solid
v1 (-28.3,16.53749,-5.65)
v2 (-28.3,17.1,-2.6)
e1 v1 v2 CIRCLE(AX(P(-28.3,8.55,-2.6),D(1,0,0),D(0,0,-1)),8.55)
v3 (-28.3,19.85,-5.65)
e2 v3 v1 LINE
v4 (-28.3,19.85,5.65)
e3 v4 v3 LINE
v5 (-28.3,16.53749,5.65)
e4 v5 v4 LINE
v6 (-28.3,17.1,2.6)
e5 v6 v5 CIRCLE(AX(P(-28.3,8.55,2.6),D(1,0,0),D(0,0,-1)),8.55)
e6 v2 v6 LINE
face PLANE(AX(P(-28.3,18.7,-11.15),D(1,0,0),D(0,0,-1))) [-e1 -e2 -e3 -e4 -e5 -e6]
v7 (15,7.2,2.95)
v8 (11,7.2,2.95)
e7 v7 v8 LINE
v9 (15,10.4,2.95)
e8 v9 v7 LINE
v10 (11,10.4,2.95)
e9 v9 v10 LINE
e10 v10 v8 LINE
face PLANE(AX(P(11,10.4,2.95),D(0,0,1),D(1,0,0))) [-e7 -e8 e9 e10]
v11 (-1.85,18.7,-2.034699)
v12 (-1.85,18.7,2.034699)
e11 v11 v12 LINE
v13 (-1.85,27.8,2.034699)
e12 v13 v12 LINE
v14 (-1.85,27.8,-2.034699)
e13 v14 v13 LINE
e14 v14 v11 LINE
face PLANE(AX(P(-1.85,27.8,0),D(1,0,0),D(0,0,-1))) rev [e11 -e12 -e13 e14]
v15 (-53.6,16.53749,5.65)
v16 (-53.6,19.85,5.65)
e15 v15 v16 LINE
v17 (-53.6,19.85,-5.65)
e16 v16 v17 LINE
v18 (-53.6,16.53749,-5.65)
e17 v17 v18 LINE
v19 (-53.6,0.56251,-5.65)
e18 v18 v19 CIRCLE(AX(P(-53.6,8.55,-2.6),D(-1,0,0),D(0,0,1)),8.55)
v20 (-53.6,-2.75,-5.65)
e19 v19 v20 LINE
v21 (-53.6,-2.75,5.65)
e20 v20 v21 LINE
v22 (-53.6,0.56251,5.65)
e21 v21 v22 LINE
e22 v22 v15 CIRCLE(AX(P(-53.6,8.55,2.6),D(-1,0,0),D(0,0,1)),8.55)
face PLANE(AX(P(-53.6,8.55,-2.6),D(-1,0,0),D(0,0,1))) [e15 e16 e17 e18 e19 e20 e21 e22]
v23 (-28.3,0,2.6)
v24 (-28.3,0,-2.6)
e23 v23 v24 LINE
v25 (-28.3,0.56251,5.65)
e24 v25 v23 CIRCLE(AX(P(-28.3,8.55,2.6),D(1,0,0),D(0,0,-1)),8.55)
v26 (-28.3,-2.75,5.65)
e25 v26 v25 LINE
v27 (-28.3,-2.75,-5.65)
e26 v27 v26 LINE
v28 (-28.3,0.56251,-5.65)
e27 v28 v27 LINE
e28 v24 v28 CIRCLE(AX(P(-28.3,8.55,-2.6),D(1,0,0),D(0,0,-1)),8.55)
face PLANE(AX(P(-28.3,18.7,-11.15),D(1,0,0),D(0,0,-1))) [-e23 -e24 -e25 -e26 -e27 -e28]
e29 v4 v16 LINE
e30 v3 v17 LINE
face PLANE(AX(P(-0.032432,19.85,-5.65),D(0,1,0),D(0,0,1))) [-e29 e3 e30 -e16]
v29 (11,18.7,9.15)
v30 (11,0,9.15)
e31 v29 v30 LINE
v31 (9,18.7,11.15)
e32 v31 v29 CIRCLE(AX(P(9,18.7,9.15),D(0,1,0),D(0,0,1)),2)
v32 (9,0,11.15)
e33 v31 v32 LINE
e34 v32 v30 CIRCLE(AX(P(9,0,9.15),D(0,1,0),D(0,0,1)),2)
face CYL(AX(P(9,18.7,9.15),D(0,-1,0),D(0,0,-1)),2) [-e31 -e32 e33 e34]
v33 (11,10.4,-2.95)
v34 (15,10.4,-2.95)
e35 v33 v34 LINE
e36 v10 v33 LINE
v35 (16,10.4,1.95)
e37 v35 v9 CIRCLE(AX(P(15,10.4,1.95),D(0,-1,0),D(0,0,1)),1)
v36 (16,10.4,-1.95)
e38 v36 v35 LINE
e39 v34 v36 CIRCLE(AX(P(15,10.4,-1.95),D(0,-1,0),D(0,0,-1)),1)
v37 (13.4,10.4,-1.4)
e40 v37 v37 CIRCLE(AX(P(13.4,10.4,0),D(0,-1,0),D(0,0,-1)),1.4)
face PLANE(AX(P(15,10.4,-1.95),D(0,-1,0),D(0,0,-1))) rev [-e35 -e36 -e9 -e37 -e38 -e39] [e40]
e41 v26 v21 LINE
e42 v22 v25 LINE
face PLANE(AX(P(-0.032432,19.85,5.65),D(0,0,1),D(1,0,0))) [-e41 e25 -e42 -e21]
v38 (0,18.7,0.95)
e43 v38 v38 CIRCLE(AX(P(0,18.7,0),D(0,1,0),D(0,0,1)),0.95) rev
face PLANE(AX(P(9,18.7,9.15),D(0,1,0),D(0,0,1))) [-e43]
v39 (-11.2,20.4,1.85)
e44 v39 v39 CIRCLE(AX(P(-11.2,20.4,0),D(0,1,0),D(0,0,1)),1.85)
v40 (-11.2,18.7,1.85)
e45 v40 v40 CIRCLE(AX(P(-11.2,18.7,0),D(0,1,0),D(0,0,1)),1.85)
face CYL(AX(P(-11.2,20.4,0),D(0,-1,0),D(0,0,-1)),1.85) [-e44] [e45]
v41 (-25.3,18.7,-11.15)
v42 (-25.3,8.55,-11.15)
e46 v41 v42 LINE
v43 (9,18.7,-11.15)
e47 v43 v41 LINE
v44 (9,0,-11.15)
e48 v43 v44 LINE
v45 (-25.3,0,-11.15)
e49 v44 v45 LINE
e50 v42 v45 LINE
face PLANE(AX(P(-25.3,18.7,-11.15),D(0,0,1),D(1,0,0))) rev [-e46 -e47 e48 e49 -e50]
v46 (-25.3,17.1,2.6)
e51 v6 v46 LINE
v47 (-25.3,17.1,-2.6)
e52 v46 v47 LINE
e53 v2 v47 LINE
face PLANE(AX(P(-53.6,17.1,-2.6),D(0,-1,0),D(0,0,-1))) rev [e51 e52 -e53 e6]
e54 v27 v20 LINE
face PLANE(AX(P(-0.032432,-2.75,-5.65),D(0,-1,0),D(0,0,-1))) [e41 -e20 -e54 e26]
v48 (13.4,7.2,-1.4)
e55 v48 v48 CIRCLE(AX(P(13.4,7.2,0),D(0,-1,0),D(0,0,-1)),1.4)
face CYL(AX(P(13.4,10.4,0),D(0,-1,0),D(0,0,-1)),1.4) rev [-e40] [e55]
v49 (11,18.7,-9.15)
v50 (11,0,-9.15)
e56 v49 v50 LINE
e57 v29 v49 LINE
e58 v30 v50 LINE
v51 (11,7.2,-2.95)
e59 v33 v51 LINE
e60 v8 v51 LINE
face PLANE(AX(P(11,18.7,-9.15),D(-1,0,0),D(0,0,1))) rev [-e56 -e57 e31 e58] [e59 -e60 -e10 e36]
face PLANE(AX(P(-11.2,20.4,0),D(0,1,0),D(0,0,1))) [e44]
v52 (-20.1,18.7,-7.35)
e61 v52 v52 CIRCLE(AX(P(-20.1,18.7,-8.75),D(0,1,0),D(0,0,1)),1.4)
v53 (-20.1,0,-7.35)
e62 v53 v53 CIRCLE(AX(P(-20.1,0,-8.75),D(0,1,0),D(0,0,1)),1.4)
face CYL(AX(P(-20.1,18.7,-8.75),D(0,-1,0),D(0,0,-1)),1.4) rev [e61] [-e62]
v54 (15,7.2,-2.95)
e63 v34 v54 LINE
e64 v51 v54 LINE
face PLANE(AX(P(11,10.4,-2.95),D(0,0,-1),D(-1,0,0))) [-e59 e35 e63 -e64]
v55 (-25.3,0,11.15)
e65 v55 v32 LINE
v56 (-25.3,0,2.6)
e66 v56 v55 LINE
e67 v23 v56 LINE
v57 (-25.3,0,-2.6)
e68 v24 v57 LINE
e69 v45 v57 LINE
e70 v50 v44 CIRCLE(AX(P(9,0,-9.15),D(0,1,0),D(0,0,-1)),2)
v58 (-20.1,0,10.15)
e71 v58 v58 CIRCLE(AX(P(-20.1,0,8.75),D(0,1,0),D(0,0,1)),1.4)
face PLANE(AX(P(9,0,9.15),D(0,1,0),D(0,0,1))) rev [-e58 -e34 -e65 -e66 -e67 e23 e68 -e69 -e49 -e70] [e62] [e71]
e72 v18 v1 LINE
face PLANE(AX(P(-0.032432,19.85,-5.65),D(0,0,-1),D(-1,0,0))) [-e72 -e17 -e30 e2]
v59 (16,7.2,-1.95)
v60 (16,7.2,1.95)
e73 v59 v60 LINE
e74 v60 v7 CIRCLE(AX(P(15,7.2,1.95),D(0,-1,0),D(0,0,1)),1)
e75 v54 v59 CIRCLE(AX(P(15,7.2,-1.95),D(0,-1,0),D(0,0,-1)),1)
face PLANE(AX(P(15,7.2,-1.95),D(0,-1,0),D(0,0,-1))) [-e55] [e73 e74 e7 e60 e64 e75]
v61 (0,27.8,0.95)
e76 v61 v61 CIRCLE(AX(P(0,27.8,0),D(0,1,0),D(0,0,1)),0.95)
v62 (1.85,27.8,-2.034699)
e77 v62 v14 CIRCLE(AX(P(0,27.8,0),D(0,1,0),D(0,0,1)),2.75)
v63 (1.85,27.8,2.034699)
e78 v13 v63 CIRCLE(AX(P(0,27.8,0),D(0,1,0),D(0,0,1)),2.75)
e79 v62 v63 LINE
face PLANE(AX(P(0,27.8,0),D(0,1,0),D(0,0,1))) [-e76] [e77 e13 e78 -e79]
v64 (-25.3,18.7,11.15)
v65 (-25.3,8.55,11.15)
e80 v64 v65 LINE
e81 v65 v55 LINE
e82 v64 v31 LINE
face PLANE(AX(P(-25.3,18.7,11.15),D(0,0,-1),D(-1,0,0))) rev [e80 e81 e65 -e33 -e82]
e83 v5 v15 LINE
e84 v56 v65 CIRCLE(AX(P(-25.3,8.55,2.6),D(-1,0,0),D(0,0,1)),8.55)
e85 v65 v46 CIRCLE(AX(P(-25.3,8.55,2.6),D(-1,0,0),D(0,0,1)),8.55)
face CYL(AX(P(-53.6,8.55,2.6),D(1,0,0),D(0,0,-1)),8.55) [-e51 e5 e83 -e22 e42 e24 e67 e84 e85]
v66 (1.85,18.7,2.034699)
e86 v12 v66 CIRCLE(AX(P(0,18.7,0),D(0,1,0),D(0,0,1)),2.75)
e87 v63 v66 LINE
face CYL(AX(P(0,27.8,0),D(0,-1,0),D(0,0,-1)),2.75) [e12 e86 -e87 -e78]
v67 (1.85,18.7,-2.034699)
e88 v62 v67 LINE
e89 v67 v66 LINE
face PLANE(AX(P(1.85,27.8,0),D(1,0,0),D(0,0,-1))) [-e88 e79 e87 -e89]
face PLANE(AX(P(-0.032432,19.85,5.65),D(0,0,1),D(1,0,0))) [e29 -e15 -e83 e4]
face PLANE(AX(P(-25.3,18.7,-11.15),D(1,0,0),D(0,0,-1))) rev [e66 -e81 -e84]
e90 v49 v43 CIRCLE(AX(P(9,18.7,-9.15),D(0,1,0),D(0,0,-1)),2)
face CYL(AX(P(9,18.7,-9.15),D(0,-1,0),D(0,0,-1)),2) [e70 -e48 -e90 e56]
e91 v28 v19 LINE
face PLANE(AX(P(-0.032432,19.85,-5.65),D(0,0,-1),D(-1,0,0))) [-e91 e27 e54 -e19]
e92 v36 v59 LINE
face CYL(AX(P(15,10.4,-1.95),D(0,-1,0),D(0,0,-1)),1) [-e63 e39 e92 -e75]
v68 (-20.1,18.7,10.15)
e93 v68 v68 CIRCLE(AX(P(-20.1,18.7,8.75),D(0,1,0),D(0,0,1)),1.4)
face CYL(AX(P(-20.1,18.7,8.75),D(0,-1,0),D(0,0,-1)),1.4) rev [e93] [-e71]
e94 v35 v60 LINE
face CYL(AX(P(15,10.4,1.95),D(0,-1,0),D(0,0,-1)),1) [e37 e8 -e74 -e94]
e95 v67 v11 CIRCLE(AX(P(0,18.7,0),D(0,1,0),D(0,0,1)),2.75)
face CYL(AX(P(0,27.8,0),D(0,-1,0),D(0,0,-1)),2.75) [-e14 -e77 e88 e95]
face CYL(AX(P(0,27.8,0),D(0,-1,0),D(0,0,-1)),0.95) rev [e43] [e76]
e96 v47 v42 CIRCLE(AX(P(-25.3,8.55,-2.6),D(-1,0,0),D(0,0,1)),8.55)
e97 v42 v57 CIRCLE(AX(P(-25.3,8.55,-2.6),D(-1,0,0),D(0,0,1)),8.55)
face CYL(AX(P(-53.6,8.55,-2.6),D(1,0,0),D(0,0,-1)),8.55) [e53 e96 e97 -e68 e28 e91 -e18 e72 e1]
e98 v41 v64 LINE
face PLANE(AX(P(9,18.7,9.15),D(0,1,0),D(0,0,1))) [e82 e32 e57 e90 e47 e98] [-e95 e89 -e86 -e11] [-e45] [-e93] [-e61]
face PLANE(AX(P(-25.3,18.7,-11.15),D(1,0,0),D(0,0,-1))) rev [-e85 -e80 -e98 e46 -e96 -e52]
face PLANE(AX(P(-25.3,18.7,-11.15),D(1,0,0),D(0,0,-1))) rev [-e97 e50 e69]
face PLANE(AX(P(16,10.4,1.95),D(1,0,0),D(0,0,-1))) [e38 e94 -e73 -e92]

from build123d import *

# Parameters (mm, degrees)
SKETCH1_R           = 1.4
BOSS_EXTRUDE1_DEPTH = 18.7
SKETCH2_R           = 0.95
BOSS_EXTRUDE2_DEPTH = 9.1
SKETCH3_R           = 1.85
BOSS_EXTRUDE3_DEPTH = 1.7
SKETCH4_R           = 1.4
BOSS_EXTRUDE4_DEPTH = 3.2
BOSS_EXTRUDE5_DEPTH = 28.3
SKETCH7_W           = 11.3
SKETCH7_H           = 22.6
BOSS_EXTRUDE6_DEPTH = 25.3


with BuildPart() as part:
    # Sketch1 → Boss-Extrude1 (new body)
    with BuildSketch(Plane(origin=(0, 0, 0), x_dir=(1, 0, 0), z_dir=(0, 1, 0))):
        with BuildLine():
            Line((-25.3, 11.15), (9, 11.15))
            ThreePointArc((9, 11.15), (10.414213562, 10.564213562), (11, 9.15))
            Line((11, 9.15), (11, -9.15))
            ThreePointArc((11, -9.15), (10.414213562, -10.564213562), (9, -11.15))
            Line((9, -11.15), (-25.3, -11.15))
            Line((-25.3, -11.15), (-25.3, 11.15))
        make_face()
        with Locations(Location((-20.1, 8.75, 0), (0, 0, 270))):
            Circle(SKETCH1_R, mode=Mode.SUBTRACT)
        with Locations(Location((-20.1, -8.75, 0), (0, 0, 270))):
            Circle(SKETCH1_R, mode=Mode.SUBTRACT)
    extrude(amount=BOSS_EXTRUDE1_DEPTH)

    # Sketch2 → Boss-Extrude2 (add)
    with BuildSketch(Plane(origin=(0, 18.7, 0), x_dir=(1, 0, 0), z_dir=(0, 1, 0))):
        with BuildLine():
            ThreePointArc((1.85, 2.034698995), (0, 2.75), (-1.85, 2.034698995))
            Line((-1.85, 2.034698995), (-1.85, -2.034698995))
            ThreePointArc((-1.85, -2.034698995), (0, -2.75), (1.85, -2.034698995))
            Line((1.85, -2.034698995), (1.85, 2.034698995))
        make_face()
        with Locations(Location((0, 0, 0), (0, 0, 270))):
            Circle(SKETCH2_R, mode=Mode.SUBTRACT)
    extrude(amount=BOSS_EXTRUDE2_DEPTH)

    # Sketch3 → Boss-Extrude3 (add)
    with BuildSketch(Plane(origin=(0, 18.7, 0), x_dir=(1, 0, 0), z_dir=(0, 1, 0))):
        with Locations(Location((-11.2, 0, 0), (0, 0, 270))):
            Circle(SKETCH3_R)
    extrude(amount=BOSS_EXTRUDE3_DEPTH)

    # Sketch4 → Boss-Extrude4 (add)
    with BuildSketch(Plane(origin=(0, 7.2, 0), x_dir=(-1, 0, 0), z_dir=(0, -1, 0))):
        with BuildLine():
            Line((-11, -2.95), (-15, -2.95))
            ThreePointArc((-15, -2.95), (-15.707106781, -2.657106781), (-16, -1.95))
            Line((-16, -1.95), (-16, 1.95))
            ThreePointArc((-16, 1.95), (-15.707106781, 2.657106781), (-15, 2.95))
            Line((-15, 2.95), (-11, 2.95))
            Line((-11, 2.95), (-11, -2.95))
        make_face()
        with Locations(Location((-13.4, 0, 0), (0, 0, 90))):
            Circle(SKETCH4_R, mode=Mode.SUBTRACT)
    extrude(amount=-BOSS_EXTRUDE4_DEPTH)

    # Sketch5 → Boss-Extrude5 (add)
    with BuildSketch(Plane.ZY.offset(25.3)):
        with BuildLine():
            Line((-2.6, 17.1), (2.6, 17.1))
            ThreePointArc((2.6, 17.1), (11.15, 8.55), (2.6, 0))
            Line((2.6, 0), (-2.6, 0))
            ThreePointArc((-2.6, 0), (-11.15, 8.55), (-2.6, 17.1))
        make_face()
    extrude(amount=BOSS_EXTRUDE5_DEPTH)

    # Sketch7 → Boss-Extrude6 (add)
    with BuildSketch(Plane.ZY.offset(53.6)):
        with Locations((0, 8.55)):
            Rectangle(SKETCH7_W, SKETCH7_H)
    extrude(amount=-BOSS_EXTRUDE6_DEPTH)


solid = part.part
